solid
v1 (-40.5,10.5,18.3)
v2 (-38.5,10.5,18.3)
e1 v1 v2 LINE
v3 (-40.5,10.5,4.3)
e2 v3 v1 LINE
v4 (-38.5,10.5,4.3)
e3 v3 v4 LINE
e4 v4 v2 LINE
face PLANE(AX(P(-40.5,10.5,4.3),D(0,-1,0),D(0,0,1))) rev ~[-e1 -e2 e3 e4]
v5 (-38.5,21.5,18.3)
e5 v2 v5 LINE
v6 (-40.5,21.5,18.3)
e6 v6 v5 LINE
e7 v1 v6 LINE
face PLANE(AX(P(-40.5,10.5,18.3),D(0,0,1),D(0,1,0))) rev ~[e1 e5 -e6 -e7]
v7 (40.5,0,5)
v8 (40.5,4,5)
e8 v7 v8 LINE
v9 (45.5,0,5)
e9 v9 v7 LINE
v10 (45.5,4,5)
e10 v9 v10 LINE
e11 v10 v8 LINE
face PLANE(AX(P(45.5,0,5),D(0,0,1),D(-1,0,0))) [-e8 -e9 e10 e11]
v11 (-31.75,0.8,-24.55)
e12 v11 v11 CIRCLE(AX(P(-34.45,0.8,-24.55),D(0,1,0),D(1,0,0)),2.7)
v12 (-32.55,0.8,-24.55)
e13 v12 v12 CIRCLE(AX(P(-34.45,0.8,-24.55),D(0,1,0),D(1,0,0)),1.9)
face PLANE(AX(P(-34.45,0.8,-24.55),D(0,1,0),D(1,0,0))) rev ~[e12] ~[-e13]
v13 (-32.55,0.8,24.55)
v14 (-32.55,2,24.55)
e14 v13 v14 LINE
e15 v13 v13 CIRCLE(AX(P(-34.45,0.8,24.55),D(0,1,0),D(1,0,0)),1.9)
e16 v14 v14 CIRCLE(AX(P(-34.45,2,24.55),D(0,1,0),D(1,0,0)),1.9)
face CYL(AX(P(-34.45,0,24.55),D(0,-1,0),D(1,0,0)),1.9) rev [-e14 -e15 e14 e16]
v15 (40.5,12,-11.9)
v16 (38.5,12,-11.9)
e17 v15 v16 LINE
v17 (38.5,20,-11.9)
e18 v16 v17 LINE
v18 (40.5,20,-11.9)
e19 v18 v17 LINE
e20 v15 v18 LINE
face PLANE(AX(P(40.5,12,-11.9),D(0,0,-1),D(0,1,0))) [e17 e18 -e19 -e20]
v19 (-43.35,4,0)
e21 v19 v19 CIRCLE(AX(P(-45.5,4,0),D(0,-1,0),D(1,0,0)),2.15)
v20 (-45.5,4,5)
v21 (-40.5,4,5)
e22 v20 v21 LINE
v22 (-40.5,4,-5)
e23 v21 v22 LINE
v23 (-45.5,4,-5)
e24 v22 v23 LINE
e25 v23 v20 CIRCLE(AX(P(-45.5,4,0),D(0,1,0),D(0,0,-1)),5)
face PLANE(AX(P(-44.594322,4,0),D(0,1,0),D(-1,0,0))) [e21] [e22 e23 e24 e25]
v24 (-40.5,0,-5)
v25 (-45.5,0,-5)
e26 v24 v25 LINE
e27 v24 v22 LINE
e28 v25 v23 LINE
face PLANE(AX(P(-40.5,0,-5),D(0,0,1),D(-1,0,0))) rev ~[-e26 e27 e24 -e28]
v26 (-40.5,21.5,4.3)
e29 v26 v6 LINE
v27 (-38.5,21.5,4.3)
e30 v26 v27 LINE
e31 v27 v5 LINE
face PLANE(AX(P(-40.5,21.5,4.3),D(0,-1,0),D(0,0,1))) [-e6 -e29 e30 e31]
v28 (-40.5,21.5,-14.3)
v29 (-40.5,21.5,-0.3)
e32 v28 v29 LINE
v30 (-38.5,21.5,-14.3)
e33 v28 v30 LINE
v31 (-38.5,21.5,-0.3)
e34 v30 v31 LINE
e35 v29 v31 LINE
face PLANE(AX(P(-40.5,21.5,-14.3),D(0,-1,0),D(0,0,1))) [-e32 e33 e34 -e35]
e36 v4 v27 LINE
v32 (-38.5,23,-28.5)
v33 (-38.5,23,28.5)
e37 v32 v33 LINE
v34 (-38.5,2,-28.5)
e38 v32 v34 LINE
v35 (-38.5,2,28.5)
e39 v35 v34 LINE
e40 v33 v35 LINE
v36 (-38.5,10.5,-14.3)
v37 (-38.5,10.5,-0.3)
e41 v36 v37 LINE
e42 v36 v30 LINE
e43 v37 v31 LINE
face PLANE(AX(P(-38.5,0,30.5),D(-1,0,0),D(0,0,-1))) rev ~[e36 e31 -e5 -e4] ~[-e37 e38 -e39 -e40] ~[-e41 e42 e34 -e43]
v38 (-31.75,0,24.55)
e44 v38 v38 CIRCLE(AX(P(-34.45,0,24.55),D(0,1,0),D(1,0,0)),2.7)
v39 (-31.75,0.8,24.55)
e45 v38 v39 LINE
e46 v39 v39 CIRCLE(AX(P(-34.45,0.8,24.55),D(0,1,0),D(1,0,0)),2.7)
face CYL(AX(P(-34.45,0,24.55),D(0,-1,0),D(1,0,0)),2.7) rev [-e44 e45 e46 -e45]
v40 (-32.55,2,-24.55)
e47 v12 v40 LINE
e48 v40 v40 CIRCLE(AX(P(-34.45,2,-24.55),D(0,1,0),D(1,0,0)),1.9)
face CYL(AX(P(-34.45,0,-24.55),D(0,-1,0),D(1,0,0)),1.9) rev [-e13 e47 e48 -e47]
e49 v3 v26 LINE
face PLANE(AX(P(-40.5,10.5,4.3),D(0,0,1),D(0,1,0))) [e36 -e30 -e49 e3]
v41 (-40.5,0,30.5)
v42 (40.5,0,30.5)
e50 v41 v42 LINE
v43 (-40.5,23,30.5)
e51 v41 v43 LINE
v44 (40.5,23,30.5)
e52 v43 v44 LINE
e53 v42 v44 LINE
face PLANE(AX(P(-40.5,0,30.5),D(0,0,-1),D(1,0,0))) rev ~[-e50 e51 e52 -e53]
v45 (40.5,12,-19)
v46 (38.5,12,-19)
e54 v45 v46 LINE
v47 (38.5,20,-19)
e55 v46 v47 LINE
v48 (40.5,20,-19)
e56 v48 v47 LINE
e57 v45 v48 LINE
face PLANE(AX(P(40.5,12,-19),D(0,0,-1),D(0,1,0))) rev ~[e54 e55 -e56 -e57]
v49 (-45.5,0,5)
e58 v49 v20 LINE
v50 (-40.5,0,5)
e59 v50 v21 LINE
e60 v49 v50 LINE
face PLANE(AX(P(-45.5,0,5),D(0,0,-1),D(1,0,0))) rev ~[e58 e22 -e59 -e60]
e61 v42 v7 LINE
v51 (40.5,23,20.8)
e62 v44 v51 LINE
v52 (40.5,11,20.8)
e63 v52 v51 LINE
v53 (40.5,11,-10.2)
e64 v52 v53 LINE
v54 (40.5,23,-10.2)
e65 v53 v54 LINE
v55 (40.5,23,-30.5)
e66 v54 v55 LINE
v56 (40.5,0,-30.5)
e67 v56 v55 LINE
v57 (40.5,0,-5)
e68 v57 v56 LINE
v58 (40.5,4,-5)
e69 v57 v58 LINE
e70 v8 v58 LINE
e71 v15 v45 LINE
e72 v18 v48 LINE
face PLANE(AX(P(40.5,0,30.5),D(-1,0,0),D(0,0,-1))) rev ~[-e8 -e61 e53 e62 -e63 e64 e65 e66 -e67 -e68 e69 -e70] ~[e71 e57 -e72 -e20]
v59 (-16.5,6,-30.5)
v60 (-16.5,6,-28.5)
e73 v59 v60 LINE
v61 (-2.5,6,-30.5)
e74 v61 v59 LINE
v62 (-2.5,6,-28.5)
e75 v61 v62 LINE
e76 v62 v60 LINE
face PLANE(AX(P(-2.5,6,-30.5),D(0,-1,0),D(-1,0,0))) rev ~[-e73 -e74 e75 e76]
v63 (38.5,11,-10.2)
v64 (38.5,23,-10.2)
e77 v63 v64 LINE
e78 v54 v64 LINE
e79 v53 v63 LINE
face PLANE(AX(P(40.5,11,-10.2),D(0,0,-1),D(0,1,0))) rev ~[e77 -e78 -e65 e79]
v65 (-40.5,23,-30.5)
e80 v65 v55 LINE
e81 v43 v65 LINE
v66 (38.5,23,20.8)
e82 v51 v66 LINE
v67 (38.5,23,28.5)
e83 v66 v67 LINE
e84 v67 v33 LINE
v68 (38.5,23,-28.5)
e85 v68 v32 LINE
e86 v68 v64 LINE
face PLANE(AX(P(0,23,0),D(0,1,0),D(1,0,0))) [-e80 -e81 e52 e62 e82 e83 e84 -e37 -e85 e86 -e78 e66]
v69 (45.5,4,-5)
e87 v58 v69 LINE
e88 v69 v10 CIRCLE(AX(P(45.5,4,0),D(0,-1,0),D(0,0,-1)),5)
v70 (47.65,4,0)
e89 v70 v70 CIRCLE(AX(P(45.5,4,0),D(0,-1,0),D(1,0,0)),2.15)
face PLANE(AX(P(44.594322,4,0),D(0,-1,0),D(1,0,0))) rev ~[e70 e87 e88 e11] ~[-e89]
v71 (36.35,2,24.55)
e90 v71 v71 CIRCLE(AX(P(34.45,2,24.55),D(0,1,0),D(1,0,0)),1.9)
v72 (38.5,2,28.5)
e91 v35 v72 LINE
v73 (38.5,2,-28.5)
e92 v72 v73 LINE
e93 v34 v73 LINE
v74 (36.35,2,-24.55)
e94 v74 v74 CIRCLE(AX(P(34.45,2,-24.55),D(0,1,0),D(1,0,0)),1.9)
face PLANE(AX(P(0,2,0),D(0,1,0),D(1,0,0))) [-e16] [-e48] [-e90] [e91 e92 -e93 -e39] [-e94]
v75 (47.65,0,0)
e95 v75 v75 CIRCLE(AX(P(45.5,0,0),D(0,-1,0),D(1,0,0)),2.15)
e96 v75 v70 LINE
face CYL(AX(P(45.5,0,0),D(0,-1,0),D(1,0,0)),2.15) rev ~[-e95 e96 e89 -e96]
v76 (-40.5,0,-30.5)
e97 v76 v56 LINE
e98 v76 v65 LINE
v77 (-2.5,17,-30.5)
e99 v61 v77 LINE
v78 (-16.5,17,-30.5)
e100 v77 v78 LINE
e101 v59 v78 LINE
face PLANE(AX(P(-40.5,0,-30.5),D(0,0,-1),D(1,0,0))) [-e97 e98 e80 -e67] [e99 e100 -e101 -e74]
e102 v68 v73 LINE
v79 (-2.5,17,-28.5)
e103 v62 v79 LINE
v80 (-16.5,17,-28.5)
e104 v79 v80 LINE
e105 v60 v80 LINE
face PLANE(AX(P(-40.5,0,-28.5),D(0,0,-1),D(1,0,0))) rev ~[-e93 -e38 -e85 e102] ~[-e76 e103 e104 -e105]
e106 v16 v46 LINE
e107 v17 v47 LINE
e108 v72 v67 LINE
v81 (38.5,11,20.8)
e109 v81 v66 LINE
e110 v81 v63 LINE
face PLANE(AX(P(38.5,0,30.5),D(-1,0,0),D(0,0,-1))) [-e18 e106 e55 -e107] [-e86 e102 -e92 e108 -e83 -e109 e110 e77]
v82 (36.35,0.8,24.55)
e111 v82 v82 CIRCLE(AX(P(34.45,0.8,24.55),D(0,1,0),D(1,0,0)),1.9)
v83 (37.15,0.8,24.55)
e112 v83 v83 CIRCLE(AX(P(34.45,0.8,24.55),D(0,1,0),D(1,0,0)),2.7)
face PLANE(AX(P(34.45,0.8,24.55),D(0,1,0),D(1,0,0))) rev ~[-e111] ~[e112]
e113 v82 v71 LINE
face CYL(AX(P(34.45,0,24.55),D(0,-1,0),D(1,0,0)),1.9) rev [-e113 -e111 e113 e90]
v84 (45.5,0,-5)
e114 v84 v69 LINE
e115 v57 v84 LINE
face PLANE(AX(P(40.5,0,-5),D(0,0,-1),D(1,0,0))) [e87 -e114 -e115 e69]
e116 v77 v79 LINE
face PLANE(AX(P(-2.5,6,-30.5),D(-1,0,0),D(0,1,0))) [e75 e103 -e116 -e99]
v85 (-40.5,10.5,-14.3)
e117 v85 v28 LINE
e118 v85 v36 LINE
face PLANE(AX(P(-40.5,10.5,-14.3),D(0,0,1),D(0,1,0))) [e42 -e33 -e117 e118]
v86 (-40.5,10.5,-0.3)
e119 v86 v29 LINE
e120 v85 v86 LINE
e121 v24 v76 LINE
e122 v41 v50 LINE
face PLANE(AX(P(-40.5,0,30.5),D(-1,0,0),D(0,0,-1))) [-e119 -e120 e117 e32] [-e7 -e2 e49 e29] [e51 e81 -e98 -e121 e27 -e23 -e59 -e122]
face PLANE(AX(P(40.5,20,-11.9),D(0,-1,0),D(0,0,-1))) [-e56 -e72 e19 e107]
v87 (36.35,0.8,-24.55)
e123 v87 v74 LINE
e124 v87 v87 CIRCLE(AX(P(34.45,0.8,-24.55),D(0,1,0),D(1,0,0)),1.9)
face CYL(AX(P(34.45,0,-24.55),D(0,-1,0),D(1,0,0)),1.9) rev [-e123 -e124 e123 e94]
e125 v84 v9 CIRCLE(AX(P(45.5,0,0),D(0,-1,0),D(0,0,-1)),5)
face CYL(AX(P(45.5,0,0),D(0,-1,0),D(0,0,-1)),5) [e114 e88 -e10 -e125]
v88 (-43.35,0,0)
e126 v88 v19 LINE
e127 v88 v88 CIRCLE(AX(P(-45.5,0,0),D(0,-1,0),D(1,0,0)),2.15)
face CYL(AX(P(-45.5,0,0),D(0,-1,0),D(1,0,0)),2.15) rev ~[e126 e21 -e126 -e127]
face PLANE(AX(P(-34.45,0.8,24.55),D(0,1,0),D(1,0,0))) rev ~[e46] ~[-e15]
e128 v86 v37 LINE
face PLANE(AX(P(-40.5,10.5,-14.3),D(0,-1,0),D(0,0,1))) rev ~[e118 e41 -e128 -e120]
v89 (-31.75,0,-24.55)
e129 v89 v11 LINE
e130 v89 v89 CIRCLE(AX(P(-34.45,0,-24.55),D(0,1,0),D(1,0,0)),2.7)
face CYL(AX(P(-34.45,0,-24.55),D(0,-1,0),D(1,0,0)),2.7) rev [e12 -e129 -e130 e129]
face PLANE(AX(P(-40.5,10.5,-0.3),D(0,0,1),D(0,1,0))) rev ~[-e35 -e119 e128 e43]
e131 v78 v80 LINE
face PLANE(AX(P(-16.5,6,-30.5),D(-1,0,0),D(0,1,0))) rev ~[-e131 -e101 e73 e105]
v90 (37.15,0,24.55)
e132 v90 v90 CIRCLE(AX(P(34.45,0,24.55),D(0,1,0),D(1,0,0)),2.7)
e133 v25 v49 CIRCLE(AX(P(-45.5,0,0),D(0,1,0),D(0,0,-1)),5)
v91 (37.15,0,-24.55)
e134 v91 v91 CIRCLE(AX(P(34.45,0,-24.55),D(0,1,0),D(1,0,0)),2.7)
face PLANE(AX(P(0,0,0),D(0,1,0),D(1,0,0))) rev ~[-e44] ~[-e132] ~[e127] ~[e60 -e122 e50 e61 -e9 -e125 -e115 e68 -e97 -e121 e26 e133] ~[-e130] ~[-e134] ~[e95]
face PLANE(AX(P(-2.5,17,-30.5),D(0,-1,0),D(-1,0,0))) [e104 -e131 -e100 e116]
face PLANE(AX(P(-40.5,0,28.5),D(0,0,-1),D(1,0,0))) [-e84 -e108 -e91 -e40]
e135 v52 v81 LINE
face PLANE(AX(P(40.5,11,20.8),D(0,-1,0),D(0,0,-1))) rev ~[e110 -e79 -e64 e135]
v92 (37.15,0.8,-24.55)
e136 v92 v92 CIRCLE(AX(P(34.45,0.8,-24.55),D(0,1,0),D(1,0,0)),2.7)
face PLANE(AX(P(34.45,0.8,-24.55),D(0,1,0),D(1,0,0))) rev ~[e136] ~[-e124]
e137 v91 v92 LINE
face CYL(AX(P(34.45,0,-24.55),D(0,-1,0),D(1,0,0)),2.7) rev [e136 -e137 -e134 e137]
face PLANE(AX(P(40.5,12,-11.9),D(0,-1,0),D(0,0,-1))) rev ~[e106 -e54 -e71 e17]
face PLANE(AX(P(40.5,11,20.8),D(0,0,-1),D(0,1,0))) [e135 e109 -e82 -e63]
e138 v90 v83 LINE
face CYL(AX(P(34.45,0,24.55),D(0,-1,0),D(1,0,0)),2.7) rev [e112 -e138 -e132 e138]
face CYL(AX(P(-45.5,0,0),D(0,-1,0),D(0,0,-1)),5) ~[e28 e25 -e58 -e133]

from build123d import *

# Parameters (mm, degrees)
SKETCH_1_W          = 81
SKETCH_1_H          = 61
EXTRUDE_1_DEPTH     = 23
SHELL_1_T           = -2
SKETCH_2_R          = 2.15
EXTRUDE_3_DEPTH     = 4
SKETCH_3_R          = 1.9
CUT_EXTRUDE_1_DEPTH = 2
SKETCH_4_R          = 2.7
SKETCH_4_R_2        = 1.9
CUT_EXTRUDE_2_DEPTH = 0.8
SKETCH_5_W          = 31
SKETCH_5_H          = 12
SKETCH_5_W_2        = 7.1
SKETCH_5_H_2        = 8
CUT_EXTRUDE_3_DEPTH = 2
SKETCH_6_W          = 14
SKETCH_6_H          = 11
CUT_EXTRUDE_4_DEPTH = 2
SKETCH_7_W          = 14
SKETCH_7_H          = 11
CUT_EXTRUDE_5_DEPTH = 2


with BuildPart() as part:
    # 草图1 → 凸台-拉伸1 (new body)
    with BuildSketch(Plane(origin=(0, 0, 0), x_dir=(1, 0, 0), z_dir=(0, 1, 0))):
        Rectangle(SKETCH_1_W, SKETCH_1_H)
    extrude(amount=EXTRUDE_1_DEPTH)

    # 抽壳1
    shell_1_openings = [part.faces().sort_by_distance(p)[0] for p in [
        (0, 23, 0),
    ]]
    offset(amount=SHELL_1_T, openings=shell_1_openings, kind=Kind.INTERSECTION)

    # 草图2 → 凸台-拉伸3 (add)
    with BuildSketch(Plane.XZ):
        with BuildLine():
            Line((-45.5, 5), (-40.5, 5))
            Line((-40.5, 5), (-40.5, -5))
            Line((-40.5, -5), (-45.5, -5))
            ThreePointArc((-45.5, -5), (-50.5, 0), (-45.5, 5))
        make_face()
        with Locations((-45.5, 0)):
            Circle(SKETCH_2_R, mode=Mode.SUBTRACT)
        with BuildLine():
            Line((40.5, -5), (45.5, -5))
            ThreePointArc((45.5, -5), (50.5, 0), (45.5, 5))
            Line((45.5, 5), (40.5, 5))
            Line((40.5, 5), (40.5, -5))
        make_face()
        with Locations((45.5, 0)):
            Circle(SKETCH_2_R, mode=Mode.SUBTRACT)
    extrude(amount=-EXTRUDE_3_DEPTH)

    # 草图3 → 切除-拉伸1 (cut)
    with BuildSketch(Plane(origin=(0, 0, 0), x_dir=(1, 0, 0), z_dir=(0, 1, 0))):
        with Locations((-34.45, -24.55)):
            Circle(SKETCH_3_R)
        with Locations((-34.45, 24.55)):
            Circle(SKETCH_3_R)
        with Locations((34.45, 24.55)):
            Circle(SKETCH_3_R)
        with Locations((34.45, -24.55)):
            Circle(SKETCH_3_R)
    extrude(amount=CUT_EXTRUDE_1_DEPTH, mode=Mode.SUBTRACT)

    # 草图4 → 切除-拉伸2 (cut)
    with BuildSketch(Plane(origin=(0, 0, 0), x_dir=(1, 0, 0), z_dir=(0, 1, 0))):
        with Locations((-34.45, -24.55)):
            Circle(SKETCH_4_R)
        with Locations((-34.45, -24.55)):
            Circle(SKETCH_4_R_2, mode=Mode.SUBTRACT)
        with Locations((-34.45, 24.55)):
            Circle(SKETCH_4_R)
        with Locations((-34.45, 24.55)):
            Circle(SKETCH_4_R_2, mode=Mode.SUBTRACT)
        with Locations((34.45, 24.55)):
            Circle(SKETCH_4_R)
        with Locations((34.45, 24.55)):
            Circle(SKETCH_4_R_2, mode=Mode.SUBTRACT)
        with Locations((34.45, -24.55)):
            Circle(SKETCH_4_R)
        with Locations((34.45, -24.55)):
            Circle(SKETCH_4_R_2, mode=Mode.SUBTRACT)
    extrude(amount=CUT_EXTRUDE_2_DEPTH, mode=Mode.SUBTRACT)

    # 草图5 → 切除-拉伸3 (cut)
    with BuildSketch(Plane(origin=(40.5, 0, 0), x_dir=(0, 0, -1), z_dir=(1, 0, 0))):
        with Locations((-5.3, 17)):
            Rectangle(SKETCH_5_W, SKETCH_5_H)
        with Locations((15.45, 16)):
            Rectangle(SKETCH_5_W_2, SKETCH_5_H_2)
    extrude(amount=-CUT_EXTRUDE_3_DEPTH, mode=Mode.SUBTRACT)

    # 草图6 → 切除-拉伸4 (cut)
    with BuildSketch(Plane(origin=(0, 0, -30.5), x_dir=(-1, 0, 0), z_dir=(0, 0, -1))):
        with Locations((9.5, 11.5)):
            Rectangle(SKETCH_6_W, SKETCH_6_H)
    extrude(amount=-CUT_EXTRUDE_4_DEPTH, mode=Mode.SUBTRACT)

    # 草图7 → 切除-拉伸5 (cut)
    with BuildSketch(Plane.ZY.offset(40.5)):
        with Locations((11.3, 16)):
            Rectangle(SKETCH_7_W, SKETCH_7_H)
        with Locations((-7.3, 16)):
            Rectangle(SKETCH_7_W, SKETCH_7_H)
    extrude(amount=-CUT_EXTRUDE_5_DEPTH, mode=Mode.SUBTRACT)


solid = part.part
